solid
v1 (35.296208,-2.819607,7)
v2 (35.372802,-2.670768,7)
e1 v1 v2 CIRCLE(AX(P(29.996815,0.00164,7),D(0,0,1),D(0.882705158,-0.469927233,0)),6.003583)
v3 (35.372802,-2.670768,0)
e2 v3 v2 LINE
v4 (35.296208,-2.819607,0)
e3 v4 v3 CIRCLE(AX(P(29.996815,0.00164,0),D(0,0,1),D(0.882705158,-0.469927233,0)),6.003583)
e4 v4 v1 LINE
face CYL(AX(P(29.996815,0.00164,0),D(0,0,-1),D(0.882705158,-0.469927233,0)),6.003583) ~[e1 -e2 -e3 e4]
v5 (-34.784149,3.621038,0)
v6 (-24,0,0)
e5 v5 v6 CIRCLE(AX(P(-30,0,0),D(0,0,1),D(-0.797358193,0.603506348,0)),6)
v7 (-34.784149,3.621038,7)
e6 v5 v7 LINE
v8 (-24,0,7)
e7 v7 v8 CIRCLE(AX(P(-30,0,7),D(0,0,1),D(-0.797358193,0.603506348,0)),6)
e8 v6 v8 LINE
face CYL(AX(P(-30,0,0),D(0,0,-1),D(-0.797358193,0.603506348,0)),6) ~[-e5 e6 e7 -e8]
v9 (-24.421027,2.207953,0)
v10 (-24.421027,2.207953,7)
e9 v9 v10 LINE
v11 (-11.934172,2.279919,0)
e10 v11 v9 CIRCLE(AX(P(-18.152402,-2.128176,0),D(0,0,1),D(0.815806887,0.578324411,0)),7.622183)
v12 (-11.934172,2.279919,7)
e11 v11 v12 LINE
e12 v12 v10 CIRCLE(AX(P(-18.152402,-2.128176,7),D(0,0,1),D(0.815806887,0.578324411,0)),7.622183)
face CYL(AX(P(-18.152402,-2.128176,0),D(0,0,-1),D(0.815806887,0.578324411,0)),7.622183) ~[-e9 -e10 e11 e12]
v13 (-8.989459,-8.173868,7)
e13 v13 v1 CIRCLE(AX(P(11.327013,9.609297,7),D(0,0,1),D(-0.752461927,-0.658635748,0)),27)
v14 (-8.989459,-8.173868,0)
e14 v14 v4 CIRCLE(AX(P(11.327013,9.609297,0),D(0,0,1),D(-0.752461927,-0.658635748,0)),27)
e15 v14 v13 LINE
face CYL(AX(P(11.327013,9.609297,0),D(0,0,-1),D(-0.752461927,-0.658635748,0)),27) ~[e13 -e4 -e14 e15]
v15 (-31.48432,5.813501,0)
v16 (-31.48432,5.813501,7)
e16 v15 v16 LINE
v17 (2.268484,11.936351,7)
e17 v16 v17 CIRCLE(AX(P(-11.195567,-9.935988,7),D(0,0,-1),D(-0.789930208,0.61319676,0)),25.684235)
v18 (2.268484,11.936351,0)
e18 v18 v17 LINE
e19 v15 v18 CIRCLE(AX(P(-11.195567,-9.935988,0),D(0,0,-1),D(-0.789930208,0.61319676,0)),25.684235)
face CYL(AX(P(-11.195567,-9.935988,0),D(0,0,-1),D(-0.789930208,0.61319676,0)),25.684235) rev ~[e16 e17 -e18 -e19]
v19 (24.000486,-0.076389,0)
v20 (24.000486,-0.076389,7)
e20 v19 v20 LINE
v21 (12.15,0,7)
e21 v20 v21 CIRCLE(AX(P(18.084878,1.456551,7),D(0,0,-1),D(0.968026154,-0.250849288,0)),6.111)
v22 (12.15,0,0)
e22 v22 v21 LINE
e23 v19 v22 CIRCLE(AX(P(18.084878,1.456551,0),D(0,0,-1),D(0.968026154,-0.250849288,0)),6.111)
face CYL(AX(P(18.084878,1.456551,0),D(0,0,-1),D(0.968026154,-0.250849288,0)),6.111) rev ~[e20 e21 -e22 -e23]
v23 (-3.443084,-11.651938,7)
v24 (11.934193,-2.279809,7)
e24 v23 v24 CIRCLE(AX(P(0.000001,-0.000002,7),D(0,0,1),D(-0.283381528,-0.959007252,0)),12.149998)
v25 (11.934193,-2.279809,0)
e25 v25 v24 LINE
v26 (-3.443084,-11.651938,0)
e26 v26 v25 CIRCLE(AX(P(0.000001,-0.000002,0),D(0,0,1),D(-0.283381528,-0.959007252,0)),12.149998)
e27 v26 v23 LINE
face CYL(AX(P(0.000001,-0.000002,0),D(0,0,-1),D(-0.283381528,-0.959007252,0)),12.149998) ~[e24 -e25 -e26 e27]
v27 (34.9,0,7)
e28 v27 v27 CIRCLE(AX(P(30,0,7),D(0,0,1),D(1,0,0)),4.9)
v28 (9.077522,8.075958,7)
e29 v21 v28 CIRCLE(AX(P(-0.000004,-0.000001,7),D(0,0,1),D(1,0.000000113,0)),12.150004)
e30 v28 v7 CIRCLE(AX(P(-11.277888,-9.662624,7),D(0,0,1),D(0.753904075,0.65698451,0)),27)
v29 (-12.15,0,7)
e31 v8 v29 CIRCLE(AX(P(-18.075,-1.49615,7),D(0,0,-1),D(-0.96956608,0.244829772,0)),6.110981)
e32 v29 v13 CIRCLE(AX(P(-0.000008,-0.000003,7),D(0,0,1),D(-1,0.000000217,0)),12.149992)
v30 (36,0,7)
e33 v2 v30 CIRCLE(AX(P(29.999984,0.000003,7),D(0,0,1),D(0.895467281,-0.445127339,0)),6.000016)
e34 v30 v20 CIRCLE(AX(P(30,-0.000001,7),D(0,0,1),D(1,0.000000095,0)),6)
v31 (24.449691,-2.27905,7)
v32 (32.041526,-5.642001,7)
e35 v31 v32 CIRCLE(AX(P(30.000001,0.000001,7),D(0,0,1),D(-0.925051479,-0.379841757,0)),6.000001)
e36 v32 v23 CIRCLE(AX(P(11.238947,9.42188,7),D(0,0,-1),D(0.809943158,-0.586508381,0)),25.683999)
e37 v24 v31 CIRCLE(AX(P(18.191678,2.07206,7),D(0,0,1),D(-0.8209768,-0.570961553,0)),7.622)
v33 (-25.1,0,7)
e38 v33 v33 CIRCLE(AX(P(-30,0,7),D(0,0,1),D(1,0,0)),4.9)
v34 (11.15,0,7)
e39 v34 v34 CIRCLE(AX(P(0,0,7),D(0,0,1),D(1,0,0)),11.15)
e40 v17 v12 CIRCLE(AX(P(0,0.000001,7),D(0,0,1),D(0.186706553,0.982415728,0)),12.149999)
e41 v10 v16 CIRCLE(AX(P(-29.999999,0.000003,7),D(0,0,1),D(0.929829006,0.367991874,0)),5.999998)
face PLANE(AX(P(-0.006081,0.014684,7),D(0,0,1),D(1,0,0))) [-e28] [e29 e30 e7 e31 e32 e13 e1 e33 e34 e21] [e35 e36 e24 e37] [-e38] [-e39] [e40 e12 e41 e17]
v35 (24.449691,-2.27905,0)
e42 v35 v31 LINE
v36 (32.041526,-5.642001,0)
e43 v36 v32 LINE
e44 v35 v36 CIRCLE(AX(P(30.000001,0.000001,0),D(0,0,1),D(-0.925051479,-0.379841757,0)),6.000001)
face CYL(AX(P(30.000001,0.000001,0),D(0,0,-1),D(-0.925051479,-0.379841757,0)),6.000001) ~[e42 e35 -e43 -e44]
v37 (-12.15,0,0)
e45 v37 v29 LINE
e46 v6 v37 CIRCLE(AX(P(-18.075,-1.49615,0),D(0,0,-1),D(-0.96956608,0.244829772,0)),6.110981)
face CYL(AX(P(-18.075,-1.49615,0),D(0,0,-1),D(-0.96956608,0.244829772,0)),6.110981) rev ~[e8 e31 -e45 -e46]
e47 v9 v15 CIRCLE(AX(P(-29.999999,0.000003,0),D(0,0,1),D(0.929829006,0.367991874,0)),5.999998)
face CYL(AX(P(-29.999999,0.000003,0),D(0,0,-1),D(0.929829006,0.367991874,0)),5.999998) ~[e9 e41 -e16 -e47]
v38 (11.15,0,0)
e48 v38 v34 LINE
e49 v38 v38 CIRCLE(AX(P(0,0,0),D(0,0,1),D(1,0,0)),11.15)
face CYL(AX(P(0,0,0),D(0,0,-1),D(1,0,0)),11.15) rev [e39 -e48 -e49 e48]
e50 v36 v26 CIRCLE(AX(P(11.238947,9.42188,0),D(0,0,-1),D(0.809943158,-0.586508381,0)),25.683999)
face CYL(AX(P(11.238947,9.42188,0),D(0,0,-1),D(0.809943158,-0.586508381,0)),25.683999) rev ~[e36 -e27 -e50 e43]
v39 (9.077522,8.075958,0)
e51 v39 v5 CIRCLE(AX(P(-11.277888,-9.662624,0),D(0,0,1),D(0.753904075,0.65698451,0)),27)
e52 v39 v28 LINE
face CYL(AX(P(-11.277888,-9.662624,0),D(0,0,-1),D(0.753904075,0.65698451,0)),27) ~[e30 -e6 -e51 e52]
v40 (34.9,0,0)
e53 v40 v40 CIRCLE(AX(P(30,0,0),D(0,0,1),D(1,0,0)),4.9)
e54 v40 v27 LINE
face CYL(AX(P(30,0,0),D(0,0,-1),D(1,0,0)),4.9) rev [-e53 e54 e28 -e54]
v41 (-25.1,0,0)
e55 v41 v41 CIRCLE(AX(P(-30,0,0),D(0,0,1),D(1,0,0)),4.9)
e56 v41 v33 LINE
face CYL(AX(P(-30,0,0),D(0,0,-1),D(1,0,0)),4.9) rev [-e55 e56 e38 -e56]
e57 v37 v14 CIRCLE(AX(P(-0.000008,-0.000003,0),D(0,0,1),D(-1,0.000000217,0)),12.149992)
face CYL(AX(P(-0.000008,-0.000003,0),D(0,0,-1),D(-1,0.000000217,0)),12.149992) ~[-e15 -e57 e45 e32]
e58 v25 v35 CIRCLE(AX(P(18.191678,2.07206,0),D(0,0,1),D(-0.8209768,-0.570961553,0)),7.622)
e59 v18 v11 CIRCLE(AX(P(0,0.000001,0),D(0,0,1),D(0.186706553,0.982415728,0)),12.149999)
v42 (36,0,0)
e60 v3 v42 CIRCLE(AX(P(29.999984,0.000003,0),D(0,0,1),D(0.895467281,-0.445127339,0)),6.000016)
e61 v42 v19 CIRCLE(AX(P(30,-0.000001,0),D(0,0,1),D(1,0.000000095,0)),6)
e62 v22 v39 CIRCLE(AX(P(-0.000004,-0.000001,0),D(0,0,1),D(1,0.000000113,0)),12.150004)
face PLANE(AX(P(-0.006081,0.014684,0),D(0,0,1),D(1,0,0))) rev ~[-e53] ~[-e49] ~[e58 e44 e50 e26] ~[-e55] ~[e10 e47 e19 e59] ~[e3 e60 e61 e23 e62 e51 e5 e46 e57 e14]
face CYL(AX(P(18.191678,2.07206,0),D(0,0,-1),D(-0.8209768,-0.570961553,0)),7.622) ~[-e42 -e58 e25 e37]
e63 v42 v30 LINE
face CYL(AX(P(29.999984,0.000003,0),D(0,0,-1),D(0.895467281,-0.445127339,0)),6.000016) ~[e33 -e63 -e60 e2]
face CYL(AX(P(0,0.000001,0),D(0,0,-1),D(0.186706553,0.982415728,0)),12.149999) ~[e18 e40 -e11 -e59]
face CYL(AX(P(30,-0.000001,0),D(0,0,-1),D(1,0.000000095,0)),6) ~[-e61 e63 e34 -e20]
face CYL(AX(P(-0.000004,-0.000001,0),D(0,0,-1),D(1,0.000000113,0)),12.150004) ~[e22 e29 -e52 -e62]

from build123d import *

# Parameters (mm, degrees)
F0_R     = 11.15
F0_R_2   = 4.9
F1_DEPTH = 7


with BuildPart() as f1:
    # F0 (on Top) → F1 (new body)
    with BuildSketch(Plane.XY):
        with BuildLine():
            ThreePointArc((11.934193, -2.279809), (12.095928, -1.145), (12.15, 0))
            ThreePointArc((12.15, 0), (11.355932, 4.320336), (9.077522, 8.075958))
            ThreePointArc((9.077522, 8.075958), (5.99238, 10.569479), (2.268484, 11.936351))
            ThreePointArc((2.268484, 11.936351), (-6.831402, 10.047609), (-11.934172, 2.279919))
            ThreePointArc((-11.934172, 2.279919), (-12.095923, 1.145056), (-12.15, 0))
            ThreePointArc((-12.15, 0), (-11.332353, -4.381813), (-8.989459, -8.173868))
            ThreePointArc((-8.989459, -8.173868), (-6.454942, -10.293504), (-3.443084, -11.651938))
            ThreePointArc((-3.443084, -11.651938), (6.323285, -10.374901), (11.934193, -2.279809))
        make_face()
        Circle(F0_R, mode=Mode.SUBTRACT)
        with BuildLine():
            ThreePointArc((24.000486, -0.076389), (18.045487, -4.654322), (12.15, 0))
            ThreePointArc((12.15, 0), (12.095928, -1.145), (11.934193, -2.279809))
            ThreePointArc((11.934193, -2.279809), (18.19214, -5.54994), (24.449691, -2.27905))
            ThreePointArc((24.449691, -2.27905), (24.121009, -1.198945), (24.000486, -0.076389))
        make_face()
        with BuildLine():
            ThreePointArc((2.268484, 11.936351), (5.99238, 10.569479), (9.077522, 8.075958))
            ThreePointArc((9.077522, 8.075958), (-14.006174, 17.199179), (-34.784149, 3.621038))
            ThreePointArc((-34.784149, 3.621038), (-33.320414, 4.997484), (-31.48432, 5.813501))
            ThreePointArc((-31.48432, 5.813501), (-15.779939, 15.335803), (2.268484, 11.936351))
        make_face()
        with BuildLine():
            ThreePointArc((36, 0), (29.961805, 5.999878), (24.000486, -0.076389))
            ThreePointArc((24.000486, -0.076389), (24.121009, -1.198945), (24.449691, -2.27905))
            ThreePointArc((24.449691, -2.27905), (27.569928, -5.485868), (32.041526, -5.642001))
            ThreePointArc((32.041526, -5.642001), (33.930911, -4.532983), (35.296208, -2.819607))
            ThreePointArc((35.296208, -2.819607), (35.33462, -2.745246), (35.372802, -2.670768))
            ThreePointArc((35.372802, -2.670768), (35.841096, -1.371712), (36, 0))
        make_face()
        with Locations((30, 0)):
            Circle(F0_R_2, mode=Mode.SUBTRACT)
        with BuildLine():
            ThreePointArc((-31.48432, 5.813501), (-33.320414, 4.997484), (-34.784149, 3.621038))
            ThreePointArc((-34.784149, 3.621038), (-31.909857, -5.687921), (-24, 0))
            ThreePointArc((-24, 0), (-24.106196, 1.123868), (-24.421027, 2.207953))
            ThreePointArc((-24.421027, 2.207953), (-27.272081, 5.344012), (-31.48432, 5.813501))
        make_face()
        with Locations((-30, 0)):
            Circle(F0_R_2, mode=Mode.SUBTRACT)
        with BuildLine():
            ThreePointArc((32.041526, -5.642001), (15.527899, -15.901483), (-3.443084, -11.651938))
            ThreePointArc((-3.443084, -11.651938), (-6.454942, -10.293504), (-8.989459, -8.173868))
            ThreePointArc((-8.989459, -8.173868), (14.567788, -17.195504), (35.296208, -2.819607))
            ThreePointArc((35.296208, -2.819607), (33.930911, -4.532983), (32.041526, -5.642001))
        make_face()
        with BuildLine():
            ThreePointArc((-12.15, 0), (-12.095923, 1.145056), (-11.934172, 2.279919))
            ThreePointArc((-11.934172, 2.279919), (-18.19633, 5.493881), (-24.421027, 2.207953))
            ThreePointArc((-24.421027, 2.207953), (-24.106196, 1.123868), (-24, 0))
            ThreePointArc((-24, 0), (-18.075, 4.614831), (-12.15, 0))
        make_face()
        with BuildLine():
            ThreePointArc((35.296208, -2.819607), (35.335024, -2.745454), (35.372802, -2.670768))
            ThreePointArc((35.372802, -2.670768), (35.33462, -2.745246), (35.296208, -2.819607))
        make_face()
    extrude(amount=F1_DEPTH)


solid = f1.part
